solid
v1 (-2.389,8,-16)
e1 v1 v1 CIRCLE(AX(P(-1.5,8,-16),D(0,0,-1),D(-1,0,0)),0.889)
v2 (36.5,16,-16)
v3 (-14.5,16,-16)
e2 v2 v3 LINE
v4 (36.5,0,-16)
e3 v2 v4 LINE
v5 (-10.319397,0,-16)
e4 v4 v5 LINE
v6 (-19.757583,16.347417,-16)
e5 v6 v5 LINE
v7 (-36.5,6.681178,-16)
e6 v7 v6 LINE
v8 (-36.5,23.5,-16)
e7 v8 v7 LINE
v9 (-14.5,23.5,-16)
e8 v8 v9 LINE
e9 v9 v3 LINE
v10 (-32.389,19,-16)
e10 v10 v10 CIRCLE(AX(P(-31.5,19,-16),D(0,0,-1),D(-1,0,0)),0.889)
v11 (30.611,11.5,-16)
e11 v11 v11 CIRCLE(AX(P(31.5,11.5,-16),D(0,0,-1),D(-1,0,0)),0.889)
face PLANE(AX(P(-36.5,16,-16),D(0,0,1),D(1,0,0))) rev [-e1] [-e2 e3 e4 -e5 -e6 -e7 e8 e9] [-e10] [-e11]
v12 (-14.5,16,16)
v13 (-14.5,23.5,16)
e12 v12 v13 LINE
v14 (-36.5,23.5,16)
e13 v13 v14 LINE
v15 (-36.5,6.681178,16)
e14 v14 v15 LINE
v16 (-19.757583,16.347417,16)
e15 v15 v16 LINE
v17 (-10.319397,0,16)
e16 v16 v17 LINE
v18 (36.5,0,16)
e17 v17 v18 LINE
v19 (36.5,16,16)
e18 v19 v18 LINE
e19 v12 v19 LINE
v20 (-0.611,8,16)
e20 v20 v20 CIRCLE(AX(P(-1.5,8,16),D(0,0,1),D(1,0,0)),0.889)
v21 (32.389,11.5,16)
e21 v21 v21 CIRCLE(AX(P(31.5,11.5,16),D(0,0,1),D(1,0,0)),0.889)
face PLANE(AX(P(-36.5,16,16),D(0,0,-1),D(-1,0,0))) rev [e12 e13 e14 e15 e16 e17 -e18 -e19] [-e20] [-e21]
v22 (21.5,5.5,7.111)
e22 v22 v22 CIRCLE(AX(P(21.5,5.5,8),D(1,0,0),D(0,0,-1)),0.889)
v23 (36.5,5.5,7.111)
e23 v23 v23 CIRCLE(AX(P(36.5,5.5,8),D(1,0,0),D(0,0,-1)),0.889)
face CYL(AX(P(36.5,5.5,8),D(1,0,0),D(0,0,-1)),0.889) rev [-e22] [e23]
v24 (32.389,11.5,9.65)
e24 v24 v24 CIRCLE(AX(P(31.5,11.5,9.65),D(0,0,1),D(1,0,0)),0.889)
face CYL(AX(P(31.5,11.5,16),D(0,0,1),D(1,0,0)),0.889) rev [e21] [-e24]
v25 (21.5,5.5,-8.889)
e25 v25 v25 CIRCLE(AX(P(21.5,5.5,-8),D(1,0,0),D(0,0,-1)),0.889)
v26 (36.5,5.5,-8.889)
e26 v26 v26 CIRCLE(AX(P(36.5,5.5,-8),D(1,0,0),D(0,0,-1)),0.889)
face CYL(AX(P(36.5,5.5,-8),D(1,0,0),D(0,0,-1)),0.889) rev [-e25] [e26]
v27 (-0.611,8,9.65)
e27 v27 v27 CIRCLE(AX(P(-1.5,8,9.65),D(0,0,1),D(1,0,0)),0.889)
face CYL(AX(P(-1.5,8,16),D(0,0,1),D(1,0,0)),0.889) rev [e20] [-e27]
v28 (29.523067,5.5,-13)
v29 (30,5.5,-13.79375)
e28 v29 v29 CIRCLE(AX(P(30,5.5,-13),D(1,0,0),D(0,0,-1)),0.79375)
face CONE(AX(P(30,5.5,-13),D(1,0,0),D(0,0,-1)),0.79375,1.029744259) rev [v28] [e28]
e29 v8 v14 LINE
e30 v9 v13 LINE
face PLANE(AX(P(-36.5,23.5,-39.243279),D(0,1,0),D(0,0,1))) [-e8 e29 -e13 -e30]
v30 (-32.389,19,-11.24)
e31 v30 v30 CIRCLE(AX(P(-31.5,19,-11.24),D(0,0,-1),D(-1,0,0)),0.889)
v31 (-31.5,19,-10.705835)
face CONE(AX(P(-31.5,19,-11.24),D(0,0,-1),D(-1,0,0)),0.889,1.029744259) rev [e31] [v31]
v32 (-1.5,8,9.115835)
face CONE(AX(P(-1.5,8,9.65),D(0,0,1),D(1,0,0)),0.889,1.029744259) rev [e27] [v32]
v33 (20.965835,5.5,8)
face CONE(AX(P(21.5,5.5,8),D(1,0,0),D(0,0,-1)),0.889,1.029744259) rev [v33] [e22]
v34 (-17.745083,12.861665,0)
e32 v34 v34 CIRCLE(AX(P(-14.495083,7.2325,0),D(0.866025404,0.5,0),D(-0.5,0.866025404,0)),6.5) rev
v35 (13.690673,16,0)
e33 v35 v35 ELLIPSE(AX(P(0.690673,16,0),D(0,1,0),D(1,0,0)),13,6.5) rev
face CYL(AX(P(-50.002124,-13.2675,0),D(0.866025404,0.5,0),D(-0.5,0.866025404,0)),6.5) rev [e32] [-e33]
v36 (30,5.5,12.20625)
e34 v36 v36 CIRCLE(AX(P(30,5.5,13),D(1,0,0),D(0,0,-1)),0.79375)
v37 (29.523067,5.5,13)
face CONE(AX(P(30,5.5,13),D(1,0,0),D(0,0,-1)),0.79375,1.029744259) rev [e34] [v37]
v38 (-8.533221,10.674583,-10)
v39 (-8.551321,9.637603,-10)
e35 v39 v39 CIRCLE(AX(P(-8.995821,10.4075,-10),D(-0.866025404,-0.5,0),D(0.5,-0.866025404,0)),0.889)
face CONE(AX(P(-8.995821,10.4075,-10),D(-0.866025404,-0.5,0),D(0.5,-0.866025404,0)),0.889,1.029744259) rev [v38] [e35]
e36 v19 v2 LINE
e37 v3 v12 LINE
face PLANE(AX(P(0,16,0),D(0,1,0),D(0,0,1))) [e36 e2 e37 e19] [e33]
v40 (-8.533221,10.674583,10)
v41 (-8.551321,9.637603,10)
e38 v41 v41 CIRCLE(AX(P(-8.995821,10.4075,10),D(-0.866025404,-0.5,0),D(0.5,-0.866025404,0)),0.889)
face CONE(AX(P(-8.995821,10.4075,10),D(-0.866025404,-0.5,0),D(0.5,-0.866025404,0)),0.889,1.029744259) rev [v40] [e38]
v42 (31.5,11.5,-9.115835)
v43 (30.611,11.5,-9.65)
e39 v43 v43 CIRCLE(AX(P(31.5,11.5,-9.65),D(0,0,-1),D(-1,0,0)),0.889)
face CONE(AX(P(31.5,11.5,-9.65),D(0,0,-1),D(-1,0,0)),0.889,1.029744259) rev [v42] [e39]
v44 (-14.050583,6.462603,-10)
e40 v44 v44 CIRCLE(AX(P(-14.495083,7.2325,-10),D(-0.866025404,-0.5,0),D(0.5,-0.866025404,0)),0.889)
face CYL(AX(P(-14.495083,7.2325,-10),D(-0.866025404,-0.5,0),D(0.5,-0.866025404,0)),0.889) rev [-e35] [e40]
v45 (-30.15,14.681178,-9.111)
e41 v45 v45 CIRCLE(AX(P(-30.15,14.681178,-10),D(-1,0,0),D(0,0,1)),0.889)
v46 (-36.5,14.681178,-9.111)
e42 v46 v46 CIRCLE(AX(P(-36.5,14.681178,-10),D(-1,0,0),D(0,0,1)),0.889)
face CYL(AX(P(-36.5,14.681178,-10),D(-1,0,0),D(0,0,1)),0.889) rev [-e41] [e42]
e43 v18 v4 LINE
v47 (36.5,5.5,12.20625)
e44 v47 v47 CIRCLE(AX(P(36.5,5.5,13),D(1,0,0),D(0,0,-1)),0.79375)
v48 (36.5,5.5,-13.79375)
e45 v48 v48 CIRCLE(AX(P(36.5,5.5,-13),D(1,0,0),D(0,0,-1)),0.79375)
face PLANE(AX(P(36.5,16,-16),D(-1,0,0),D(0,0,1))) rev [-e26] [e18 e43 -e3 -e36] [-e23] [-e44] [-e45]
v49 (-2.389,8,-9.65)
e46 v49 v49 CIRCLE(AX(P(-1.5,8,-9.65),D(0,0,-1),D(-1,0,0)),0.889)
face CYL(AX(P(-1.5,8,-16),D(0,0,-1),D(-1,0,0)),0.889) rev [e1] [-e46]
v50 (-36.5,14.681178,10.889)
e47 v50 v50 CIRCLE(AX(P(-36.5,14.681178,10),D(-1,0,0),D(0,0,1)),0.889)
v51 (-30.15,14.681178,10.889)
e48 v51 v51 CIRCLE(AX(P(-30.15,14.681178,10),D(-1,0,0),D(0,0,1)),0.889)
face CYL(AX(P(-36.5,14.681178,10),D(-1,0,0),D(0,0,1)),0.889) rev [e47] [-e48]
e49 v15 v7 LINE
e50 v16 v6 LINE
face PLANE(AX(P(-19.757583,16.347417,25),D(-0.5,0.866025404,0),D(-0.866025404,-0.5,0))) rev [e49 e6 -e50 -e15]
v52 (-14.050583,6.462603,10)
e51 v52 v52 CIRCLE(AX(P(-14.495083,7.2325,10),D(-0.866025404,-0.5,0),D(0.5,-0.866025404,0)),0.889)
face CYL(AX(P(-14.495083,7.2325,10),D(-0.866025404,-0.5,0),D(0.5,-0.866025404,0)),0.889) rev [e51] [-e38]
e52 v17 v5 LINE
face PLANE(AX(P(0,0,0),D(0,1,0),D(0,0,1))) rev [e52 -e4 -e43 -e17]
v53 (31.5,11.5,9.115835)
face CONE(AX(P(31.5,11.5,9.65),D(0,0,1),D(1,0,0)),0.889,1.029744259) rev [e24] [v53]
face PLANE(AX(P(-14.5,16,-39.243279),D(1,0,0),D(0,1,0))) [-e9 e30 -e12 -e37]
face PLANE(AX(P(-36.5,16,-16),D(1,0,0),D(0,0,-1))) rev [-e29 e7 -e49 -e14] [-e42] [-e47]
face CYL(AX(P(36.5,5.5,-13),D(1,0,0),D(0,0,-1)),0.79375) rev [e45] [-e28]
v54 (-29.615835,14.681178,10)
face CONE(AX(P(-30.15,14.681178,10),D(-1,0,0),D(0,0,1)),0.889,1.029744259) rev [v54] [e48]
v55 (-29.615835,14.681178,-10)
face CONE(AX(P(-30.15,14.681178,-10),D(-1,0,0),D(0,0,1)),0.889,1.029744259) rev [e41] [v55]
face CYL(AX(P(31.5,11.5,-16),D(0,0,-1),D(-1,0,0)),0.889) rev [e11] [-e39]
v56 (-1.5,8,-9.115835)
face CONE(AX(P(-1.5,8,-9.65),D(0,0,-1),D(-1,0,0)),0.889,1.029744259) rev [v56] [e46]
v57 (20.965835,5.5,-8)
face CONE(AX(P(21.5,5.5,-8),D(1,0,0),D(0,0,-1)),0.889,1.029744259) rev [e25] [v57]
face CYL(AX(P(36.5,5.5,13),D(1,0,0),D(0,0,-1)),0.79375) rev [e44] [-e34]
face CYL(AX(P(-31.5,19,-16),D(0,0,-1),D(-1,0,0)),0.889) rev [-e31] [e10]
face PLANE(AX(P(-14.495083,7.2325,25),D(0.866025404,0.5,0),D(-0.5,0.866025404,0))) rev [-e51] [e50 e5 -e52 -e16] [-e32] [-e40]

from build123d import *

# Parameters (mm, degrees)
SKETCH1_W                       = 73
SKETCH1_H                       = 32
BOSS_EXTRUDE1_DEPTH             = 16
SKETCH78_W                      = 22
SKETCH78_H                      = 7.5
BOSS_EXTRUDE4_DEPTH             = 32
CUT_EXTRUDE23_DEPTH             = 41
SKETCH14_R                      = 6.5
CUT_EXTRUDE2_DEPTH              = 41
CUT_EXTRUDE2_DEPTH_BACK         = 33
F_2_56_TAPPED_HOLE1_D           = 1.778
F_2_56_TAPPED_HOLE1_DEPTH       = 6.35
F_2_56_TAPPED_HOLE1_TIP         = 0.53416509
F_2_56_TAPPED_HOLE2_D           = 1.778
F_2_56_TAPPED_HOLE2_DEPTH       = 6.35
F_2_56_TAPPED_HOLE2_TIP         = 0.53416509
F_2_56_TAPPED_HOLE3_D           = 1.778
F_2_56_TAPPED_HOLE3_DEPTH       = 6.35
F_2_56_TAPPED_HOLE3_TIP         = 0.53416509
F_2_56_TAPPED_HOLE4_D           = 1.778
F_2_56_TAPPED_HOLE4_DEPTH       = 6.35
F_2_56_TAPPED_HOLE4_TIP         = 0.53416509
F_2_56_TAPPED_HOLE5_D           = 1.778
F_2_56_TAPPED_HOLE5_DEPTH       = 4.76
F_2_56_TAPPED_HOLE5_TIP         = 0.53416509
F_2_56_TAPPED_HOLE7_D           = 1.778
F_2_56_TAPPED_HOLE7_DEPTH       = 15
F_2_56_TAPPED_HOLE7_TIP         = 0.53416509
F_1_16_0_0625_DOWEL_HOLE1_D     = 1.5875
F_1_16_0_0625_DOWEL_HOLE1_DEPTH = 6.5
F_1_16_0_0625_DOWEL_HOLE1_TIP   = 0.476933116


with BuildPart() as part:
    # Sketch1 → Boss-Extrude1 (new body)
    with BuildSketch(Plane(origin=(0, 0, 0), x_dir=(1, 0, 0), z_dir=(0, 1, 0))):
        Rectangle(SKETCH1_W, SKETCH1_H)
    extrude(amount=BOSS_EXTRUDE1_DEPTH)

    # Sketch78 → Boss-Extrude4 (add)
    with BuildSketch(Plane.XY.offset(16)):
        with Locations((-25.5, 19.75)):
            Rectangle(SKETCH78_W, SKETCH78_H)
    extrude(amount=-BOSS_EXTRUDE4_DEPTH)

    # Sketch79 → Cut-Extrude23 (cut)
    with BuildSketch(Plane(origin=(0, 0, -16), x_dir=(-1, 0, 0), z_dir=(0, 0, -1))):
        Polygon((14.495082625, 7.2325), (19.757582625, 16.347417375), (36.5, 6.681178197), (36.5, 0), (10.319396803, 0), align=None)
    extrude(amount=-CUT_EXTRUDE23_DEPTH, mode=Mode.SUBTRACT)

    # Sketch14 → Cut-Extrude2 (cut, two sides)
    with BuildSketch(Plane(origin=(-13.426065962, 5.380908825, -20), x_dir=(0, 0, 1), z_dir=(-0.866025404, -0.5, 0))) as cut_extrude2_sk:
        with Locations((20, 2.138033327)):
            Circle(SKETCH14_R)
    extrude(amount=CUT_EXTRUDE2_DEPTH, mode=Mode.SUBTRACT)
    extrude(cut_extrude2_sk.sketch, amount=-CUT_EXTRUDE2_DEPTH_BACK, mode=Mode.SUBTRACT)

    # #2-56 Tapped Hole1
    with Locations(Plane.ZY.offset(36.5)):
        with Locations((-10, 14.681178197), (10, 14.681178197)):
            Hole(F_2_56_TAPPED_HOLE1_D / 2, depth=F_2_56_TAPPED_HOLE1_DEPTH)
            with Locations((0, 0, -(F_2_56_TAPPED_HOLE1_DEPTH + F_2_56_TAPPED_HOLE1_TIP / 2))):  # 118° drill point
                Cone(0, F_2_56_TAPPED_HOLE1_D / 2, F_2_56_TAPPED_HOLE1_TIP, mode=Mode.SUBTRACT)

    # #2-56 Tapped Hole2
    with Locations(Plane(origin=(0, 0, -16), x_dir=(-1, 0, 0), z_dir=(0, 0, -1))):
        with Locations((-31.5, 11.5), (1.5, 8)):
            Hole(F_2_56_TAPPED_HOLE2_D / 2, depth=F_2_56_TAPPED_HOLE2_DEPTH)
            with Locations((0, 0, -(F_2_56_TAPPED_HOLE2_DEPTH + F_2_56_TAPPED_HOLE2_TIP / 2))):  # 118° drill point
                Cone(0, F_2_56_TAPPED_HOLE2_D / 2, F_2_56_TAPPED_HOLE2_TIP, mode=Mode.SUBTRACT)

    # #2-56 Tapped Hole3
    with Locations(Plane.XY.offset(16)):
        with Locations((-1.5, 8), (31.5, 11.5)):
            Hole(F_2_56_TAPPED_HOLE3_D / 2, depth=F_2_56_TAPPED_HOLE3_DEPTH)
            with Locations((0, 0, -(F_2_56_TAPPED_HOLE3_DEPTH + F_2_56_TAPPED_HOLE3_TIP / 2))):  # 118° drill point
                Cone(0, F_2_56_TAPPED_HOLE3_D / 2, F_2_56_TAPPED_HOLE3_TIP, mode=Mode.SUBTRACT)

    # #2-56 Tapped Hole4
    with Locations(Plane(origin=(-7.739547602, -4.468429892, 0), x_dir=(0, 0, 1), z_dir=(-0.866025404, -0.5, 0))):
        with Locations((-10, 13.511070046), (10, 13.511070046), (0, 13.511070046)):
            Hole(F_2_56_TAPPED_HOLE4_D / 2, depth=F_2_56_TAPPED_HOLE4_DEPTH)
            with Locations((0, 0, -(F_2_56_TAPPED_HOLE4_DEPTH + F_2_56_TAPPED_HOLE4_TIP / 2))):  # 118° drill point
                Cone(0, F_2_56_TAPPED_HOLE4_D / 2, F_2_56_TAPPED_HOLE4_TIP, mode=Mode.SUBTRACT)

    # #2-56 Tapped Hole5
    with Locations(Plane(origin=(0, 0, -16), x_dir=(-1, 0, 0), z_dir=(0, 0, -1))):
        with Locations((31.5, 19)):
            Hole(F_2_56_TAPPED_HOLE5_D / 2, depth=F_2_56_TAPPED_HOLE5_DEPTH)
            with Locations((0, 0, -(F_2_56_TAPPED_HOLE5_DEPTH + F_2_56_TAPPED_HOLE5_TIP / 2))):  # 118° drill point
                Cone(0, F_2_56_TAPPED_HOLE5_D / 2, F_2_56_TAPPED_HOLE5_TIP, mode=Mode.SUBTRACT)

    # #2-56 Tapped Hole7
    with Locations(Plane(origin=(36.5, 0, 0), x_dir=(0, 0, -1), z_dir=(1, 0, 0))):
        with Locations((-8, 5.5), (8, 5.5)):
            Hole(F_2_56_TAPPED_HOLE7_D / 2, depth=F_2_56_TAPPED_HOLE7_DEPTH)
            with Locations((0, 0, -(F_2_56_TAPPED_HOLE7_DEPTH + F_2_56_TAPPED_HOLE7_TIP / 2))):  # 118° drill point
                Cone(0, F_2_56_TAPPED_HOLE7_D / 2, F_2_56_TAPPED_HOLE7_TIP, mode=Mode.SUBTRACT)

    # 1/16 (0.0625) Dowel Hole1
    with Locations(Plane(origin=(36.5, 0, 0), x_dir=(0, 0, -1), z_dir=(1, 0, 0))):
        with Locations((13, 5.5), (-13, 5.5)):
            Hole(F_1_16_0_0625_DOWEL_HOLE1_D / 2, depth=F_1_16_0_0625_DOWEL_HOLE1_DEPTH)
            with Locations((0, 0, -(F_1_16_0_0625_DOWEL_HOLE1_DEPTH + F_1_16_0_0625_DOWEL_HOLE1_TIP / 2))):  # 118° drill point
                Cone(0, F_1_16_0_0625_DOWEL_HOLE1_D / 2, F_1_16_0_0625_DOWEL_HOLE1_TIP, mode=Mode.SUBTRACT)


solid = part.part
